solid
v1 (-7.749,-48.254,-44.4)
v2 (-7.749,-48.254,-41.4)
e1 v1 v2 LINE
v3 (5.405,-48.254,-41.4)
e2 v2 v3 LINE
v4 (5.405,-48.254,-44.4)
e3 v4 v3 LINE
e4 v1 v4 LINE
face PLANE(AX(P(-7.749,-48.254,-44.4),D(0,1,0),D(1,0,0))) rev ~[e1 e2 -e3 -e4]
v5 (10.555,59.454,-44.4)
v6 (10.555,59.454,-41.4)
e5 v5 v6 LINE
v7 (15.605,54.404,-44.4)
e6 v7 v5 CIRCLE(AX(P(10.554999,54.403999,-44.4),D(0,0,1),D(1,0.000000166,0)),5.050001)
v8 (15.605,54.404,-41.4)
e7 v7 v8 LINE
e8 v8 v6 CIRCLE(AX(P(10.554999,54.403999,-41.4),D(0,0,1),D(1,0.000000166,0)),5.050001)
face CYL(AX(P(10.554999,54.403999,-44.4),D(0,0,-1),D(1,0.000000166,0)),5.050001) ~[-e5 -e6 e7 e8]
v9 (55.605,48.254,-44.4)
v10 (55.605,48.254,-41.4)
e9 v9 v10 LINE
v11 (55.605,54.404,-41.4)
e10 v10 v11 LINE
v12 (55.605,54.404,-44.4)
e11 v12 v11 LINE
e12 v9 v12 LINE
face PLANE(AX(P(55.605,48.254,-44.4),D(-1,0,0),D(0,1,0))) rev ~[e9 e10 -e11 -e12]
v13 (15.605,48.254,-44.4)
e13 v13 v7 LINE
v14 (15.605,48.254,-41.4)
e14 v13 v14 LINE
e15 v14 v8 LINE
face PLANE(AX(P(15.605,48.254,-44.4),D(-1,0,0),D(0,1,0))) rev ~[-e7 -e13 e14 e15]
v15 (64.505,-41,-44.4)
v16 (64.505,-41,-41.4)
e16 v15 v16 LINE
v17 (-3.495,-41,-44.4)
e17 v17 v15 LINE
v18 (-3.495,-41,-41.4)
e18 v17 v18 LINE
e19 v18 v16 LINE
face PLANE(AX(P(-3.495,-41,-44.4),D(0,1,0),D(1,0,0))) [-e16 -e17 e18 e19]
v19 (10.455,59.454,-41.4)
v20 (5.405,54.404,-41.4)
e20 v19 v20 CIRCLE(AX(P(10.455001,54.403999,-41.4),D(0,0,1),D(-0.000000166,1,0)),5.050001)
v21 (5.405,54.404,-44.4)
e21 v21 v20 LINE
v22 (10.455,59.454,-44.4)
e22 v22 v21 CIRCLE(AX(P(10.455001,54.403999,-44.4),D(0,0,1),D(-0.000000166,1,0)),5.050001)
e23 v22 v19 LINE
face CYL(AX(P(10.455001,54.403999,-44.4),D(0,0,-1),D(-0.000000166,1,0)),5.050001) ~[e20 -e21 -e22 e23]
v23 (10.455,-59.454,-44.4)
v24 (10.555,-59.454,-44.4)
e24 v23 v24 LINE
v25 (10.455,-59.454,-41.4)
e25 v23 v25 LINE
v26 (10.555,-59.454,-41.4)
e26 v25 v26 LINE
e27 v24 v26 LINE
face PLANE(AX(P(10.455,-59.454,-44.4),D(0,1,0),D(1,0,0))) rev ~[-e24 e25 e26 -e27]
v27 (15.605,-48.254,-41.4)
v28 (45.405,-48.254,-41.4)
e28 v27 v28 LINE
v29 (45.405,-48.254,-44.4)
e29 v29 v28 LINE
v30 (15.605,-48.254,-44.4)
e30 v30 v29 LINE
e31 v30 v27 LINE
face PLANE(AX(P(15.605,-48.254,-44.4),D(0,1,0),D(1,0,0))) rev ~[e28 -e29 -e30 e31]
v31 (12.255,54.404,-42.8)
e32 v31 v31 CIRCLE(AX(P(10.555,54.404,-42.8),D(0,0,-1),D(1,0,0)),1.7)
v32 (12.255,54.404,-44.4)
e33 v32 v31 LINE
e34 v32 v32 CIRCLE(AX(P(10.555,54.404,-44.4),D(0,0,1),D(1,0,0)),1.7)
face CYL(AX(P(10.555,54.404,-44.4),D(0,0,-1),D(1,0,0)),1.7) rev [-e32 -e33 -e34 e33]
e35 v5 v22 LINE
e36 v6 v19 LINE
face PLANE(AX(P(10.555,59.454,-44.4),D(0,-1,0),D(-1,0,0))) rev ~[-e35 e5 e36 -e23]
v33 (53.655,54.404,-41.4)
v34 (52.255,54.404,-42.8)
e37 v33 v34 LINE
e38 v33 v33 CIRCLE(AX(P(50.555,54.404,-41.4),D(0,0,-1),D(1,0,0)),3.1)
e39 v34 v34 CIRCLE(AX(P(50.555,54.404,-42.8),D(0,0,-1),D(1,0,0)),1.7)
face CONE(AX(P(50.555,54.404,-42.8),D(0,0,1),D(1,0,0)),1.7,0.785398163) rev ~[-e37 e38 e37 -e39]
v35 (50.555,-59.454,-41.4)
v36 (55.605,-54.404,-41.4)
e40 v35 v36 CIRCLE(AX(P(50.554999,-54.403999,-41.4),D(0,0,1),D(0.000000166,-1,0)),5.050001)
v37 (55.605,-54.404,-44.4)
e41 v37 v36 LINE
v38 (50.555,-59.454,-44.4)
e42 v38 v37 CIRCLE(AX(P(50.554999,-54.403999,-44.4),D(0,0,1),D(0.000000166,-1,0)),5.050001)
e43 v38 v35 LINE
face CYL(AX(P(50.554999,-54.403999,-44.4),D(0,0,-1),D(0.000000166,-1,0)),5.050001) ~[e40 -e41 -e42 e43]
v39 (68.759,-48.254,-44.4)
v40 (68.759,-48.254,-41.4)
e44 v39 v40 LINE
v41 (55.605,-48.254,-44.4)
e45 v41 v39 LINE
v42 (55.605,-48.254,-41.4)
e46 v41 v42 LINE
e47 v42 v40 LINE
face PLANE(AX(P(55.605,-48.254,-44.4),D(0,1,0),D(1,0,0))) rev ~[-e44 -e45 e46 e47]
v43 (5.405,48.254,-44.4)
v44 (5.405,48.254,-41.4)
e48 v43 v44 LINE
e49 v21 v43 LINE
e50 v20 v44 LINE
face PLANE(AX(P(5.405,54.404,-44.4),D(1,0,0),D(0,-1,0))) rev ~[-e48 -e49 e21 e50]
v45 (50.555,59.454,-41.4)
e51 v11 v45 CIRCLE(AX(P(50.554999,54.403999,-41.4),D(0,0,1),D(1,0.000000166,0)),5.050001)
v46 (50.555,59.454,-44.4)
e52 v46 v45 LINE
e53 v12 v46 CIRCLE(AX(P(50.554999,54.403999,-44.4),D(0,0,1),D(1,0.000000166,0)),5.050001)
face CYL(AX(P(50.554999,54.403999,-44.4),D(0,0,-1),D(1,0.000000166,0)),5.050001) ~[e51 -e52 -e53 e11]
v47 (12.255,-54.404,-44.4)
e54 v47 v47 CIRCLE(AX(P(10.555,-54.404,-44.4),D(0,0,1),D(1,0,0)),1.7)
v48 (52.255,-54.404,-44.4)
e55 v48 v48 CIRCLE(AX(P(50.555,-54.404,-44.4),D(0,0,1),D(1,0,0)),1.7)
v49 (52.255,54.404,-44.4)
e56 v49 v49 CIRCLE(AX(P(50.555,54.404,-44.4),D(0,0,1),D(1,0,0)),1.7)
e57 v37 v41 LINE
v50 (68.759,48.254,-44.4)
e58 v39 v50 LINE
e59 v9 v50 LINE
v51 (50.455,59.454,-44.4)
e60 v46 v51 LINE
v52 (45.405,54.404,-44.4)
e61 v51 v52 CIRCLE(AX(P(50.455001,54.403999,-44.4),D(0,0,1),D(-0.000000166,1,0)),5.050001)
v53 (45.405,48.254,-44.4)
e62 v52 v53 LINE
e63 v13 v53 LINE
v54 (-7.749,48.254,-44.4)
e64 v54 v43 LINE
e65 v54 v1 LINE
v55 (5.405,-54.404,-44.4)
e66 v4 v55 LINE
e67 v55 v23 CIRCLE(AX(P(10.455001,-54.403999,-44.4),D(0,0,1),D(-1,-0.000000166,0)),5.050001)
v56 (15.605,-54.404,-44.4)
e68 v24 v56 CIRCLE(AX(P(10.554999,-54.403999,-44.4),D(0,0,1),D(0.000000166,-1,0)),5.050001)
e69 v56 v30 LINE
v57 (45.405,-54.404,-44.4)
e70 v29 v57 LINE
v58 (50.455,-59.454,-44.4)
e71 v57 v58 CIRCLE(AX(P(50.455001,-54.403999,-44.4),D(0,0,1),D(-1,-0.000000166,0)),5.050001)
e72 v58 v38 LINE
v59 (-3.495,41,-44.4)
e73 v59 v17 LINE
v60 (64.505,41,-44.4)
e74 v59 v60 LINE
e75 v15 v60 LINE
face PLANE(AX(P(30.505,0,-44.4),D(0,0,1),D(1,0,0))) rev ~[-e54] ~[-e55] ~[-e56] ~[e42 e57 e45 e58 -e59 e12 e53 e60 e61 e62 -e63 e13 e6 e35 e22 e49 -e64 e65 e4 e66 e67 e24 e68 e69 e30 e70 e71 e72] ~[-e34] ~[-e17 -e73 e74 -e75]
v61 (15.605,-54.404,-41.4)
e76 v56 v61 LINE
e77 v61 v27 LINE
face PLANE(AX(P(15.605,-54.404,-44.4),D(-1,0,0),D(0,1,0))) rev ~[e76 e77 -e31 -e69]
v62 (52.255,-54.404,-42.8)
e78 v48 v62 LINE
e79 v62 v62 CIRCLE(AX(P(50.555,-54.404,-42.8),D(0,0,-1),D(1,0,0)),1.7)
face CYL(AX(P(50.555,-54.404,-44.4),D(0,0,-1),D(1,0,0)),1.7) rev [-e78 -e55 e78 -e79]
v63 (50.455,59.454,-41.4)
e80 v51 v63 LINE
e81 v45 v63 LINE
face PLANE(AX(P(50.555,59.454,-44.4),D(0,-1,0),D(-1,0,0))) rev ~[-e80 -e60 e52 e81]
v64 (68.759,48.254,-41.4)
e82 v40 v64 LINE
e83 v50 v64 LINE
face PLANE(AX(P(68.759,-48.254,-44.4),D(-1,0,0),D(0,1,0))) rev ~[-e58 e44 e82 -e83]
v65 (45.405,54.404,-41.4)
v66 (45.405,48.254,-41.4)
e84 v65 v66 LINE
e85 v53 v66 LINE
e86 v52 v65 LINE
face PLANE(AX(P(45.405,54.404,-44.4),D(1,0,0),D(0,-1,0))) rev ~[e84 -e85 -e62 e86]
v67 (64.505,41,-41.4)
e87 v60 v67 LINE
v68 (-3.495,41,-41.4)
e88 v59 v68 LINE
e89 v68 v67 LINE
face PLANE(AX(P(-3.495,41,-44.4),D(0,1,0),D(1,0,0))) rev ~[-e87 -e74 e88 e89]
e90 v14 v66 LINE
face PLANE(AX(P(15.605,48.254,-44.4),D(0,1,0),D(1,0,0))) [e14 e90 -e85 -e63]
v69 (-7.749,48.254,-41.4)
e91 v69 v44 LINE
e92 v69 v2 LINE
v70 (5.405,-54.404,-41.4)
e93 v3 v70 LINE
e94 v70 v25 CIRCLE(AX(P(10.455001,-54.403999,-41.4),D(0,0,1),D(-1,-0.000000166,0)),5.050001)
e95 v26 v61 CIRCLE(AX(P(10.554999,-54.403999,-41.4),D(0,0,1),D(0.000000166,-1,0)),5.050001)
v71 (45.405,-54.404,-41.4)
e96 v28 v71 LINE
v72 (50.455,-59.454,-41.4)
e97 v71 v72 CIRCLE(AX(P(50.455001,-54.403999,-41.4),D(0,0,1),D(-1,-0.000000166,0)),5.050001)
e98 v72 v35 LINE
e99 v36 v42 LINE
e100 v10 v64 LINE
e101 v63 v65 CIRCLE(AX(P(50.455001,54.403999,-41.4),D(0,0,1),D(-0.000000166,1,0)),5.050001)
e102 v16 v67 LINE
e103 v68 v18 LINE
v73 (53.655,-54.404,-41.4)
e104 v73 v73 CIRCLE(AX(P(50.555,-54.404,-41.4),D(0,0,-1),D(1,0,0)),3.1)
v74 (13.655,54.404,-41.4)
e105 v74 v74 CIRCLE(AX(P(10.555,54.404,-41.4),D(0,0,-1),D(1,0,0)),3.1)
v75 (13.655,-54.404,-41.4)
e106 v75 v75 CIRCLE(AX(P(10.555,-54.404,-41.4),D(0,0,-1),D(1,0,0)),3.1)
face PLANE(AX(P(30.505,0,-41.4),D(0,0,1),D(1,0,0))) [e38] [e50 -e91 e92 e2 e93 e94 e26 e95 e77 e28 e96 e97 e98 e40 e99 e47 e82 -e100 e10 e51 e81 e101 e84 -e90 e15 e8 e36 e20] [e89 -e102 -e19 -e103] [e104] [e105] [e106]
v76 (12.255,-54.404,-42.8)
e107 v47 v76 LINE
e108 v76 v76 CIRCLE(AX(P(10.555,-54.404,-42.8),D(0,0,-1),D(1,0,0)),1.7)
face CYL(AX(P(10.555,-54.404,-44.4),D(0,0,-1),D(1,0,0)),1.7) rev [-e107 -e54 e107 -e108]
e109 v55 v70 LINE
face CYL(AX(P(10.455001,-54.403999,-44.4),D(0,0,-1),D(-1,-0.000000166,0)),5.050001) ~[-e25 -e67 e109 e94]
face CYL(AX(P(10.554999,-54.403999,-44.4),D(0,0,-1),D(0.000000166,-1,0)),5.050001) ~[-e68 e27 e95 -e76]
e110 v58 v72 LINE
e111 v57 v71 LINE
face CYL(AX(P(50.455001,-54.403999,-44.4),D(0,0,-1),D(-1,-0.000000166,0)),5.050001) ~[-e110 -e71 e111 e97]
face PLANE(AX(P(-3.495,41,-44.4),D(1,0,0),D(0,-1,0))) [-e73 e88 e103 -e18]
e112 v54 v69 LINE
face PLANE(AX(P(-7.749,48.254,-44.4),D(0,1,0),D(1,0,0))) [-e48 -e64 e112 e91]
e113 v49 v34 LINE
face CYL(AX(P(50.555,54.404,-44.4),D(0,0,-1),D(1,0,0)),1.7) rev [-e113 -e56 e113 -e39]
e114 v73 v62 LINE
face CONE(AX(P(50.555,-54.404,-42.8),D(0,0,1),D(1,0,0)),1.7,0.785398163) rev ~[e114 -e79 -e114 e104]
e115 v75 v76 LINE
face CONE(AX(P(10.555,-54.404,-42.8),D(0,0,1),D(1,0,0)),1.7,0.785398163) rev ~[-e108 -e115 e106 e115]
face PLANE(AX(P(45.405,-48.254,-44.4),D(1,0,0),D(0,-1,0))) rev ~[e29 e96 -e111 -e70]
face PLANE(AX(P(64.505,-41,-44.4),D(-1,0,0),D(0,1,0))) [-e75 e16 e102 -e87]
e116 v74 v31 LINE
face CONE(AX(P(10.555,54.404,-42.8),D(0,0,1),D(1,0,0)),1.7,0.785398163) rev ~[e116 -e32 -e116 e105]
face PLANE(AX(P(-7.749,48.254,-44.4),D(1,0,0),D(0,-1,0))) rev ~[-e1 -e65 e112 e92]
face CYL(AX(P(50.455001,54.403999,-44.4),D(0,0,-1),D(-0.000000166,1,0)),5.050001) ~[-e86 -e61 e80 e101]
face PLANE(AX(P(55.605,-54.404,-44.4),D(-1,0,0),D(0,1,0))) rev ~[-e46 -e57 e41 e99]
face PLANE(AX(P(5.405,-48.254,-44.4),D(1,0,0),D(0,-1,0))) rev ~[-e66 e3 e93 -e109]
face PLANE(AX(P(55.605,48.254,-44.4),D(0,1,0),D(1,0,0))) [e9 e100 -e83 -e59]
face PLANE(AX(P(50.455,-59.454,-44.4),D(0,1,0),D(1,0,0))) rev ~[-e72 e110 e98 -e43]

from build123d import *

# Parameters (mm, degrees)
SKETCH045_R      = 1.7
EXTRUDE003_DEPTH = 4
EXTRUDE004_DEPTH = 3
CHAMFER001_SIZE  = 1.4


with BuildPart() as extrude003:
    # Sketch045 → Extrude003 (new body)
    with BuildSketch(Plane.XY):
        with Locations((10.555, 54.404)):
            Circle(SKETCH045_R)
        with Locations((50.555, 54.404)):
            Circle(SKETCH045_R)
        with Locations((10.555, -54.404)):
            Circle(SKETCH045_R)
        with Locations((50.555, -54.404)):
            Circle(SKETCH045_R)
    extrude(amount=EXTRUDE003_DEPTH)


with BuildPart() as pcbholder:
    # Sketch044 → Extrude004 (new body)
    with BuildSketch(Plane.XY):
        with BuildLine():
            Line((68.759, -48.254), (68.759, 48.254))
            Line((55.605, 48.254), (68.759, 48.254))
            Line((55.605, 48.254), (55.605, 54.404))
            ThreePointArc((55.605, 54.404), (54.125889, 57.974889), (50.555, 59.454))
            Line((50.555, 59.454), (50.455, 59.454))
            ThreePointArc((50.455, 59.454), (46.884111, 57.974889), (45.405, 54.404))
            Line((45.405, 54.404), (45.405, 48.254))
            Line((15.605, 48.254), (45.405, 48.254))
            Line((15.605, 48.254), (15.605, 54.404))
            ThreePointArc((15.605, 54.404), (14.125889, 57.974889), (10.555, 59.454))
            Line((10.555, 59.454), (10.455, 59.454))
            ThreePointArc((10.455, 59.454), (6.884111, 57.974889), (5.405, 54.404))
            Line((5.405, 54.404), (5.405, 48.254))
            Line((-7.749, 48.254), (5.405, 48.254))
            Line((-7.749, 48.254), (-7.749, 0))
            Line((-7.749, 0), (-7.749, -48.254))
            Line((-7.749, -48.254), (5.405, -48.254))
            Line((5.405, -48.254), (5.405, -54.404))
            ThreePointArc((5.405, -54.404), (6.884111, -57.974889), (10.455, -59.454))
            Line((10.455, -59.454), (10.555, -59.454))
            ThreePointArc((10.555, -59.454), (14.125889, -57.974889), (15.605, -54.404))
            Line((15.605, -54.404), (15.605, -48.254))
            Line((15.605, -48.254), (45.405, -48.254))
            Line((45.405, -48.254), (45.405, -54.404))
            ThreePointArc((45.405, -54.404), (46.884111, -57.974889), (50.455, -59.454))
            Line((50.455, -59.454), (50.555, -59.454))
            ThreePointArc((50.555, -59.454), (54.125889, -57.974889), (55.605, -54.404))
            Line((55.605, -54.404), (55.605, -48.254))
            Line((55.605, -48.254), (68.759, -48.254))
        make_face()
        Polygon((-3.495, 41), (-3.495, -41), (64.505, -41), (64.505, 41), (30.505, 41), align=None, mode=Mode.SUBTRACT)
    extrude(amount=EXTRUDE004_DEPTH)

    # Cut: cut Extrude003
    add(extrude003.part, mode=Mode.SUBTRACT)

    # Chamfer001
    chamfer001_edges = [pcbholder.edges().sort_by_distance(p)[0] for p in [
        (8.855, 54.404, 3),
        (48.855, 54.404, 3),
        (8.855, -54.404, 3),
        (48.855, -54.404, 3),
    ]]
    chamfer(chamfer001_edges, length=CHAMFER001_SIZE)


with BuildPart() as pcbholder_1:
    # Body004 placement: moved
    add(pcbholder.part.moved(Location((0, 0, -44.4))))


solid = pcbholder_1.part
